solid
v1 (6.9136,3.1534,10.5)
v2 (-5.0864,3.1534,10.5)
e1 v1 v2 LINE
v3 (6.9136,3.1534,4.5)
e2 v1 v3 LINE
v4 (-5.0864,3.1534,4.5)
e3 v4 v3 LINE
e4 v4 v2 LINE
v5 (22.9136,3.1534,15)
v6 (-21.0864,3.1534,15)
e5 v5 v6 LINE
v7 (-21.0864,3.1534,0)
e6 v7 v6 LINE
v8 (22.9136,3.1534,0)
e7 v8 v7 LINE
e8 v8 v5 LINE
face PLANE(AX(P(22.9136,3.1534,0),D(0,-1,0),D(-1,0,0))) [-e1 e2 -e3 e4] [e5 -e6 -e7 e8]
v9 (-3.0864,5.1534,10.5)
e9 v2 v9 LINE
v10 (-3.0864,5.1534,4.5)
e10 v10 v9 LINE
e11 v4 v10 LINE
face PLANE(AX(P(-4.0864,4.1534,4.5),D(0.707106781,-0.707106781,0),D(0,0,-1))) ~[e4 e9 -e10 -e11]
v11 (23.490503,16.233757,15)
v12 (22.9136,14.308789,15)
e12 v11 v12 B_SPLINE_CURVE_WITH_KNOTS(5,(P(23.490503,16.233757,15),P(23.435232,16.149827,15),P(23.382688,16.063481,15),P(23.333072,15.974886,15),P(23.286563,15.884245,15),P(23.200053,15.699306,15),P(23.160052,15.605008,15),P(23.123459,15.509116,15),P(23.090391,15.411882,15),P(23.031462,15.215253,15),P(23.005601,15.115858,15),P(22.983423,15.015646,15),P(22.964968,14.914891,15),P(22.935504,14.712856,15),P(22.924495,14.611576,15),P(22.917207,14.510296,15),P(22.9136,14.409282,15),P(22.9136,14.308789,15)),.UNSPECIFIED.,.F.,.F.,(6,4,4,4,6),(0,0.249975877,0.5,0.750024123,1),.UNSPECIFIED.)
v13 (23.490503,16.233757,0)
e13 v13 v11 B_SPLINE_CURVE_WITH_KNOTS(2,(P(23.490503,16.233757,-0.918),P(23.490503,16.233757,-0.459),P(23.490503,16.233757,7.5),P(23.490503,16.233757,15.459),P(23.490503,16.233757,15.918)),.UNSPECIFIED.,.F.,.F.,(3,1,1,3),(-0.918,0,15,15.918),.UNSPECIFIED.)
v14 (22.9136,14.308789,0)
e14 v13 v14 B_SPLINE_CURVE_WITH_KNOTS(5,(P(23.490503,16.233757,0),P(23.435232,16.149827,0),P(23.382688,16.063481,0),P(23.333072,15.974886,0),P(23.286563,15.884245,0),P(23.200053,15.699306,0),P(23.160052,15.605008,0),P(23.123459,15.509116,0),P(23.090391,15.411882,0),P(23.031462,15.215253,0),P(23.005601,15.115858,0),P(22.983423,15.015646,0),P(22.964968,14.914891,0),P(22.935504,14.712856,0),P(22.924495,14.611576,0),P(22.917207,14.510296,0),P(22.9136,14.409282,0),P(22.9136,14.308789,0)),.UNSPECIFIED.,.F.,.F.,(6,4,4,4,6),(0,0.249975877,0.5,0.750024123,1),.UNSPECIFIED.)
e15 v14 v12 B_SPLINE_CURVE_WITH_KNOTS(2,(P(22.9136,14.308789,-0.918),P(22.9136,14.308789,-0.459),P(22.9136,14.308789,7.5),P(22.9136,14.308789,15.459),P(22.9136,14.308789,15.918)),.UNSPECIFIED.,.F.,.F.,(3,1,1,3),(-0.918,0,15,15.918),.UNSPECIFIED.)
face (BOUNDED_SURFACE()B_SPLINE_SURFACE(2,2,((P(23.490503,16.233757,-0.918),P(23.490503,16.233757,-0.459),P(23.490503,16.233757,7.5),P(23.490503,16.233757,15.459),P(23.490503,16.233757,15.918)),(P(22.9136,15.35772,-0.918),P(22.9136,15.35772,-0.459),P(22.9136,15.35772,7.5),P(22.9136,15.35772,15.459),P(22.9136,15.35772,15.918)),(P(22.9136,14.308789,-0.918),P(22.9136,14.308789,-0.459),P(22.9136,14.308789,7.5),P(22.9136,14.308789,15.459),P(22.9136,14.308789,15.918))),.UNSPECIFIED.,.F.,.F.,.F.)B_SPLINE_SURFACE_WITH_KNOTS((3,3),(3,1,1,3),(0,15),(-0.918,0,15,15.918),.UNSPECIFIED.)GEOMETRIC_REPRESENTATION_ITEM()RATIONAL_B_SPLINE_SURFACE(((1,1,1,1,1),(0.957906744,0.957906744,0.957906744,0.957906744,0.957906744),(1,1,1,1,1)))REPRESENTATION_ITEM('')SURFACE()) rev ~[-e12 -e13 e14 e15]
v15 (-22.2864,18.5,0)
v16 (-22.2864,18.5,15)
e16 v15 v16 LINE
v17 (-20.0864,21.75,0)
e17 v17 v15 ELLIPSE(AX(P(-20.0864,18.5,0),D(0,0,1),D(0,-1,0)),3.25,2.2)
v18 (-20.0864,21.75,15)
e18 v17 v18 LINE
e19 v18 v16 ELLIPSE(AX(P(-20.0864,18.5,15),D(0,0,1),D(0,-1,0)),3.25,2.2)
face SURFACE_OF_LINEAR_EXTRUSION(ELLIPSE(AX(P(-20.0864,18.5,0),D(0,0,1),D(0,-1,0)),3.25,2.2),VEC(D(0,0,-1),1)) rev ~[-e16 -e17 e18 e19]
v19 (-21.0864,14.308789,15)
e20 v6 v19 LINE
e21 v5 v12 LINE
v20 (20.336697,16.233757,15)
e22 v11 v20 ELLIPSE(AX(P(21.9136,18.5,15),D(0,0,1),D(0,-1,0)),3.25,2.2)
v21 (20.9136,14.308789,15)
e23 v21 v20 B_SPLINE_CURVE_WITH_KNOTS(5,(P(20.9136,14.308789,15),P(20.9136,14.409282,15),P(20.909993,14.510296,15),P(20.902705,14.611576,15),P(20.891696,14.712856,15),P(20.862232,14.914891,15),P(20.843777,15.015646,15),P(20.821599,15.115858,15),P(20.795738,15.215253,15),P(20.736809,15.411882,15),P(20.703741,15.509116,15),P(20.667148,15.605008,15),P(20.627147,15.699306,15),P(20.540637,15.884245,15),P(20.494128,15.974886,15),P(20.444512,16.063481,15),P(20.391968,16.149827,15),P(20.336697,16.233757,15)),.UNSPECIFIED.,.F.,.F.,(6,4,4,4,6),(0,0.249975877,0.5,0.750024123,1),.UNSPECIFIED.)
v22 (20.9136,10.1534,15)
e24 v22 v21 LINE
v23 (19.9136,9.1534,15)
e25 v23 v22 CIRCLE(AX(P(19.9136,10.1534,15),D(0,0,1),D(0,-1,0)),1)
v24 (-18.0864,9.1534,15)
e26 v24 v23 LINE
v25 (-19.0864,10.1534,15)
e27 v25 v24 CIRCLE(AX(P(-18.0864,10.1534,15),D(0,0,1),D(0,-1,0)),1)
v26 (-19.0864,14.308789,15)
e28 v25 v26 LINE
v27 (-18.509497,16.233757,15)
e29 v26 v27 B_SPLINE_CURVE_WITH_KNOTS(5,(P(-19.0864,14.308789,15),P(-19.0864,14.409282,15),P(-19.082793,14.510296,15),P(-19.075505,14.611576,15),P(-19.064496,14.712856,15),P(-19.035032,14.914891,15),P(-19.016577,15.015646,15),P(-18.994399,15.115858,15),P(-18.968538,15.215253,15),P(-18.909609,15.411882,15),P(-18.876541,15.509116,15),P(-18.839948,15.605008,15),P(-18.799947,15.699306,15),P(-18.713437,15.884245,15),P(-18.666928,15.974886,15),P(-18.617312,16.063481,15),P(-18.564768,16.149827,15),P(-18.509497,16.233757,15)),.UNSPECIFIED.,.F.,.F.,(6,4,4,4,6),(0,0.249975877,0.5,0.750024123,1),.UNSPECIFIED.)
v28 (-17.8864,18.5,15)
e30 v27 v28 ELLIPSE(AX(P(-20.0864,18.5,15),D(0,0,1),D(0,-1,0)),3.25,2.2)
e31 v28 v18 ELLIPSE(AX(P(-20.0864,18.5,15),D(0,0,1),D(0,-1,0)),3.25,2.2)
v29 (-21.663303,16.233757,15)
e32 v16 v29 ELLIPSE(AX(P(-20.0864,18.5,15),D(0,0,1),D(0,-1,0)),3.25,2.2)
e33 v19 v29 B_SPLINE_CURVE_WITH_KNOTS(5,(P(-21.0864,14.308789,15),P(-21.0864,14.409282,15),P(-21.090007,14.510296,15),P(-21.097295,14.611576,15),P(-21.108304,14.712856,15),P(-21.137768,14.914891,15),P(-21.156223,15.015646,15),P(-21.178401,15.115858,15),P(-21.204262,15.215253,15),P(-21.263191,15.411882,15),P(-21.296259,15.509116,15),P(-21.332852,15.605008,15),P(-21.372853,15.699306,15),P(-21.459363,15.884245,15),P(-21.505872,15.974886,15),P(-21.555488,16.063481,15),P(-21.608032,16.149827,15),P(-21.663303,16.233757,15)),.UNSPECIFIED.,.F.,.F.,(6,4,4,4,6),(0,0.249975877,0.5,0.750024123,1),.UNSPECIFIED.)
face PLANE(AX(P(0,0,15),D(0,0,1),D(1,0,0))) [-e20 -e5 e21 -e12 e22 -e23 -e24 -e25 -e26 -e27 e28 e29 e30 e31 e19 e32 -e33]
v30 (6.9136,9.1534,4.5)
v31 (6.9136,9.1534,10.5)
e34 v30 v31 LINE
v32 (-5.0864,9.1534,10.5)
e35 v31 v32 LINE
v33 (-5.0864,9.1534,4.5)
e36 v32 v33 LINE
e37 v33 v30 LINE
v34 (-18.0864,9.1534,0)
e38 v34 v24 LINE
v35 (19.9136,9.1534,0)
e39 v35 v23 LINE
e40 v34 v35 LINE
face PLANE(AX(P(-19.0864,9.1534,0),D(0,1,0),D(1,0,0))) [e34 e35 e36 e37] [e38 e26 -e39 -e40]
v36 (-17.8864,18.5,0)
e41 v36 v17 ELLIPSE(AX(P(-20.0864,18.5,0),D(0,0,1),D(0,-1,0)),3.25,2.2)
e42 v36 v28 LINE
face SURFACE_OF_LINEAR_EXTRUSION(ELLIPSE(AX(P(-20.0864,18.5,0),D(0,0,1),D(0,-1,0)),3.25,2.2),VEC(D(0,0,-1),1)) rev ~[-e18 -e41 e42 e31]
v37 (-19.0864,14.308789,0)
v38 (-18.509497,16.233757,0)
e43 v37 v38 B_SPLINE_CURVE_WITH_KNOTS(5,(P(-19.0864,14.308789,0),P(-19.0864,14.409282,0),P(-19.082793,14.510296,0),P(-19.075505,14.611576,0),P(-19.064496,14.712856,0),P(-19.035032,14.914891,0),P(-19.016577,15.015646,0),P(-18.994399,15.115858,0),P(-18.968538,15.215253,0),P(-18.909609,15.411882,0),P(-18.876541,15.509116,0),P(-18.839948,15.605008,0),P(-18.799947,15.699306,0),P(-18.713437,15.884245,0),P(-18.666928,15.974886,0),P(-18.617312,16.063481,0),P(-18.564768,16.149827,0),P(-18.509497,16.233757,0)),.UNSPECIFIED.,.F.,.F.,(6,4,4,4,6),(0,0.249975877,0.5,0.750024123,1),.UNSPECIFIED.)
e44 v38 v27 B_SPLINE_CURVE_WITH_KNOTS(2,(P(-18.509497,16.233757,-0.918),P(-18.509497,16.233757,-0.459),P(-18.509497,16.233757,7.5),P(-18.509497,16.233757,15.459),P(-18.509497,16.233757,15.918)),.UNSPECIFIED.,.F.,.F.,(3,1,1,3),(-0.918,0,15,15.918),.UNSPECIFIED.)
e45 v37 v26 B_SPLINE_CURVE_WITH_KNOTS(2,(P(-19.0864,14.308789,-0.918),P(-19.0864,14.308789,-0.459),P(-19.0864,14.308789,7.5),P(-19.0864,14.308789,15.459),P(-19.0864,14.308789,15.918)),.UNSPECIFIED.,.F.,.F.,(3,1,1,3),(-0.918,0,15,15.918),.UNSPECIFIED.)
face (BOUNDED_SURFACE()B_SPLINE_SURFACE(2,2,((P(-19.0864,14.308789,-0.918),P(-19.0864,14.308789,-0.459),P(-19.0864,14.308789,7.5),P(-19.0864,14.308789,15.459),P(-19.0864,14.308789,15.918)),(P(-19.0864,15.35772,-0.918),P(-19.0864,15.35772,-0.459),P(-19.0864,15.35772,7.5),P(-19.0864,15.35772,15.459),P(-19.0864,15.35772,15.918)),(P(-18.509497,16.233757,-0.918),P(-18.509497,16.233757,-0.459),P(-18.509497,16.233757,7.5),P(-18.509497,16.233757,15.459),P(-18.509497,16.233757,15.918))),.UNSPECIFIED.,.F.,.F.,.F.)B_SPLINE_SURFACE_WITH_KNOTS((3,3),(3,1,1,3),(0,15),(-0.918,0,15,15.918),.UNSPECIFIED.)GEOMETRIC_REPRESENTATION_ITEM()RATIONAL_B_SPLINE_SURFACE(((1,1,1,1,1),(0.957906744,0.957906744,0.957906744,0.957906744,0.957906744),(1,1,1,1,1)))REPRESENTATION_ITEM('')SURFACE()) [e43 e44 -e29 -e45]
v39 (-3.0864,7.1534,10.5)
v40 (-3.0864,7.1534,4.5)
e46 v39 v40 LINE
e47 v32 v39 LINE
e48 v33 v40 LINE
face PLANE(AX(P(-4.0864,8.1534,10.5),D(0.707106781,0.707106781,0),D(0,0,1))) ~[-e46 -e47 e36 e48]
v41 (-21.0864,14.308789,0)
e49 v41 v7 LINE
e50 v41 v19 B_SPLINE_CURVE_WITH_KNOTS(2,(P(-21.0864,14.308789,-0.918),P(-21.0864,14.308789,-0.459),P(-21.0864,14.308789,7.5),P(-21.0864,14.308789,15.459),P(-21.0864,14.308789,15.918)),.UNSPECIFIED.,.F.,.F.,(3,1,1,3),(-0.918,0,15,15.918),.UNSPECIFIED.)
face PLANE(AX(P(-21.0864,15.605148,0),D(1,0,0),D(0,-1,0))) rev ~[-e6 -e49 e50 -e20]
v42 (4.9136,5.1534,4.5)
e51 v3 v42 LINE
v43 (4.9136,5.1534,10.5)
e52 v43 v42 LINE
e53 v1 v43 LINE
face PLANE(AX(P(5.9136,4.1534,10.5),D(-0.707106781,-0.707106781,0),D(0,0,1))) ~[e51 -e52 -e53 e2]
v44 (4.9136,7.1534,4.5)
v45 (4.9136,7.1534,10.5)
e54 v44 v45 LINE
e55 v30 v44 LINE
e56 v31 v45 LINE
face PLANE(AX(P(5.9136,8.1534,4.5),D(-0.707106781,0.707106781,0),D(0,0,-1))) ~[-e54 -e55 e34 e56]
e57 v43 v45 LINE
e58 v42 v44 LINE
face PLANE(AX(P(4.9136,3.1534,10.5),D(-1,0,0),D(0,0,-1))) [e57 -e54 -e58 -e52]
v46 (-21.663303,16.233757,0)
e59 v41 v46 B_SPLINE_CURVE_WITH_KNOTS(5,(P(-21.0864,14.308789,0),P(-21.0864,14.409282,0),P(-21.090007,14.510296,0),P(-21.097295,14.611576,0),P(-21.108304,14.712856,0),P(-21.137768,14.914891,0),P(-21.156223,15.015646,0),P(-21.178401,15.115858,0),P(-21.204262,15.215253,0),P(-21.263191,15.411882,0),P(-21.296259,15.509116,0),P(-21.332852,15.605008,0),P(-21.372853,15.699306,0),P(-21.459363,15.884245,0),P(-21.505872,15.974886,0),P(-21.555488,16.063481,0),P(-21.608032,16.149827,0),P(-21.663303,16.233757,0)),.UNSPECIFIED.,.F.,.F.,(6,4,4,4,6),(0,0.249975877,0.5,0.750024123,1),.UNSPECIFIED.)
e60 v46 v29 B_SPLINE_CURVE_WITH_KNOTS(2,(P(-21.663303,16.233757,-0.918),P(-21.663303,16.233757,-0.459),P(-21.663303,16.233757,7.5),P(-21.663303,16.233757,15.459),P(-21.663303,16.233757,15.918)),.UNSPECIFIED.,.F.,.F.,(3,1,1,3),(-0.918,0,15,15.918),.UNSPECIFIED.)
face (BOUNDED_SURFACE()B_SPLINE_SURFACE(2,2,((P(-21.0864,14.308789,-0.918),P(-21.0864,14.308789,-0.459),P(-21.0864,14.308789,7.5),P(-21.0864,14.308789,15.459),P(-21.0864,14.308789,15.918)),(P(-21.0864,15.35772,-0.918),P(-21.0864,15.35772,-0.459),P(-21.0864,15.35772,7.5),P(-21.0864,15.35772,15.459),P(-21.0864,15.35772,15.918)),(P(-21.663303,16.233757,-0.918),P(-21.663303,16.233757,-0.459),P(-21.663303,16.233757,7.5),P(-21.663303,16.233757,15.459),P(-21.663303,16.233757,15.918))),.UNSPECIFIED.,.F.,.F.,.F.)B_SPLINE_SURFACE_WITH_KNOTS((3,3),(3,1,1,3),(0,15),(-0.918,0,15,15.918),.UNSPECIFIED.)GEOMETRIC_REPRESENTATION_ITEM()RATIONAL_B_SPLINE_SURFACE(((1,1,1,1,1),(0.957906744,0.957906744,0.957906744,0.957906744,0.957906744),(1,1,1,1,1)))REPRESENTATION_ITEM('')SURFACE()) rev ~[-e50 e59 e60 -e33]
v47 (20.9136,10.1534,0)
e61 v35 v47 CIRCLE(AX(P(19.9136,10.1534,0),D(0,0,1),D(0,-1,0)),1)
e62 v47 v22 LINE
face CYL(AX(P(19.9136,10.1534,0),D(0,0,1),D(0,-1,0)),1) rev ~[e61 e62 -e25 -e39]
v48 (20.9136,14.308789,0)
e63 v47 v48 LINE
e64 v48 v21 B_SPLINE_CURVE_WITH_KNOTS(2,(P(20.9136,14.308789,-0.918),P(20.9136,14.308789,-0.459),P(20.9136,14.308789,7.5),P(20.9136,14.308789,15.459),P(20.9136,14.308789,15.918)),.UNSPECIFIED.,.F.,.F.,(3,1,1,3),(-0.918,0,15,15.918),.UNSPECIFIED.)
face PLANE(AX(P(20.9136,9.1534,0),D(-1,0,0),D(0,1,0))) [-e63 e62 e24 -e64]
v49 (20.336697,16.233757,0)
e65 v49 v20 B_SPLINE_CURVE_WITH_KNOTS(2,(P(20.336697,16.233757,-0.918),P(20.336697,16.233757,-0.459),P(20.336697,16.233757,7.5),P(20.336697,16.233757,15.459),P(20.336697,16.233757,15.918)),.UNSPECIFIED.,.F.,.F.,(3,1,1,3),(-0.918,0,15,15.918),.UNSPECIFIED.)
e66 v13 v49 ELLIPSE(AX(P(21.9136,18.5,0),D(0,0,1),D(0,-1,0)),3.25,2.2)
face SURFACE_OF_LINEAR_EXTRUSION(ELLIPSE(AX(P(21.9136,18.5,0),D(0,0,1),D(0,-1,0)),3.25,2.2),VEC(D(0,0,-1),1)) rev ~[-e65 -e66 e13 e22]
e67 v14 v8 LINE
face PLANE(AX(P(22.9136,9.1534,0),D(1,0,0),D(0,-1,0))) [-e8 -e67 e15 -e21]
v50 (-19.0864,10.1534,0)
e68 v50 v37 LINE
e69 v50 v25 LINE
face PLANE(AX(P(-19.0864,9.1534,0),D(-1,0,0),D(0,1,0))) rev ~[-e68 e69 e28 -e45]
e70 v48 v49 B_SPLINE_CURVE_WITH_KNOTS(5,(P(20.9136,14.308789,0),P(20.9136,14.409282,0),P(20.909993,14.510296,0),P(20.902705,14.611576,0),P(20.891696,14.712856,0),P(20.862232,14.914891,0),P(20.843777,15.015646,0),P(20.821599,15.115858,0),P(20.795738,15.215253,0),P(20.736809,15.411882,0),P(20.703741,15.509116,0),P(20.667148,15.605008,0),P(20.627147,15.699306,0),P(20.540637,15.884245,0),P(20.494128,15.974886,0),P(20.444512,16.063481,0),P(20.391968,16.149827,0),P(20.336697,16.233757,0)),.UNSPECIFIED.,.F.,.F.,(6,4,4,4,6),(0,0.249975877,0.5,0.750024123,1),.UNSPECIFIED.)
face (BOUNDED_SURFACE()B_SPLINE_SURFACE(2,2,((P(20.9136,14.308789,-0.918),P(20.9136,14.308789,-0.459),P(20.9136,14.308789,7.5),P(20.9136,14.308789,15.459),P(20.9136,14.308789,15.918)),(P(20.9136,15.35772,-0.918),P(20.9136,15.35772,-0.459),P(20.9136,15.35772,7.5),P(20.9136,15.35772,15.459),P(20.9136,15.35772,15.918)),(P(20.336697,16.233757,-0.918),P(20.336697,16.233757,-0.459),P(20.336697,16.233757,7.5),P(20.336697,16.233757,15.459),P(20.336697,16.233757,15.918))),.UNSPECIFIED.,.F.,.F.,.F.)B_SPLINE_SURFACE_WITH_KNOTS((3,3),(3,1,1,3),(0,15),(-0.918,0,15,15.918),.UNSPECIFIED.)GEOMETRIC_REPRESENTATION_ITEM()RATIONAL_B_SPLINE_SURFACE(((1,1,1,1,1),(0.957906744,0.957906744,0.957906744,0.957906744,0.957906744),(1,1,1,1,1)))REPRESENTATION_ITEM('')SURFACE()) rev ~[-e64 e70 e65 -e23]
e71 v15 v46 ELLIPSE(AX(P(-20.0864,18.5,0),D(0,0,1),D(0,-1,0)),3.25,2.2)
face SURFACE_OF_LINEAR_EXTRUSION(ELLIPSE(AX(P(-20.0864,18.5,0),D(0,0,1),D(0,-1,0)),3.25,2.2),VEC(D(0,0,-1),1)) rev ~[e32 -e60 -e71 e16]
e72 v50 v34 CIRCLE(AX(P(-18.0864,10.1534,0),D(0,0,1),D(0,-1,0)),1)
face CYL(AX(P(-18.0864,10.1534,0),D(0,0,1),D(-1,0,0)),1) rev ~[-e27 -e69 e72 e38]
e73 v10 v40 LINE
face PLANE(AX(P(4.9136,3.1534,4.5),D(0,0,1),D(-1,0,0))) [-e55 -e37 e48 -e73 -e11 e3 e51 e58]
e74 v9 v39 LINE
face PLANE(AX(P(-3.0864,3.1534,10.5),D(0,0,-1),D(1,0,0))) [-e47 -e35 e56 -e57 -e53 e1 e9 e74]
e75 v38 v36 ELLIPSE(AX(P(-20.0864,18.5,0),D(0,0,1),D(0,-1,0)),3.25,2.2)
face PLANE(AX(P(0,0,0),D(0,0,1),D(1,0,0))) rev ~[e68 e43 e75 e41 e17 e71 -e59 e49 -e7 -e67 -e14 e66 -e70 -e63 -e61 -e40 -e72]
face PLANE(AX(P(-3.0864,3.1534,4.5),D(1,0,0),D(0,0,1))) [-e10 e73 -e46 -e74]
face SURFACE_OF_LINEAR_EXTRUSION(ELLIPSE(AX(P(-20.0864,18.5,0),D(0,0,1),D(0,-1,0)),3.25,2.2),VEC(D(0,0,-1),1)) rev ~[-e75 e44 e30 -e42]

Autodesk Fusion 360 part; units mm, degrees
sketch "Sketch1" plane through (0, 0, 0) normal (0, 0, 1) x (1, 0, 0) in component "Ender5RailClip"
  line L0 (-21.0864, 9.1534) -> (22.9136, 9.1534)
  line L1 (22.9136, 9.1534) -> (22.9136, 3.1534)
  line L2 (22.9136, 3.1534) -> (-21.0864, 3.1534)
  line L3 (-21.0864, 3.1534) -> (-21.0864, 9.1534)
  line L4 (-21.0864, 9.1534) -> (-19.0864, 9.1534)
  line L5 (-19.0864, 9.1534) -> (-19.0864, 16)
  line L6 (-19.0864, 16) -> (-21.0864, 16)
  line L7 (-21.0864, 16) -> (-21.0864, 9.1534)
  line L8 (0.9136, 9.1534) -> (0.9136, 18) construction
  ellipse E0 centre (-20.0864, 18.5) end of major axis (-20.0864, 15.25) minor radius 2.2
  line L9 (-20.0864, 21.75) -> (-20.0864, 15.25)
  line L10 (-22.2864, 18.5) -> (-17.8864, 18.5)
  ellipse E1 centre (21.9136, 18.5) end of major axis (21.9136, 15.25) minor radius 2.2
  line L11 (20.9136, 16) -> (22.9136, 16)
  line L12 (20.9136, 9.1534) -> (20.9136, 16)
  line L13 (22.9136, 16) -> (22.9136, 9.1534)
  point P0 (-20.0864, 16)
  dimension "d2" = 6
  dimension "d3" = 2
  dimension "d4" = 6.5
  dimension "d5" = 4.4
  dimension "d6" = 2.5
  dimension "d19" = 40
extrude "Extrude1" add sketch "Sketch1" along normal blind 15 in component "Ender5RailClip"
fillet "Fillet1" radius 1 2 edges at (20.9136, 9.1534, 7.5) (-19.0864, 9.1534, 7.5) in component "Ender5RailClip"
fillet "Fillet2" radius 3.5 4 edges at (-19.0864, 15.6051, 7.5) (20.9136, 15.6051, 7.5) (-21.0864, 15.6051, 7.5) (22.9136, 15.6051, 7.5) in component "Ender5RailClip"
sketch "Sketch2" plane through (0, 3.1534, 0) normal (0, -1, 0) x (1, 0, 0) in component "Ender5RailClip"
  line L0 (-21.0864, 0) -> (22.9136, 0)
  line L1 (22.9136, 0) -> (22.9136, 15)
  line L2 (22.9136, 15) -> (-21.0864, 15)
  line L3 (-21.0864, 15) -> (-21.0864, 0)
  line L4 (0.9136, 0) -> (0.9136, 15) construction
  line L5 (-21.0864, 7.5) -> (22.9136, 7.5) construction
  line L6 (4.9136, 4.5) -> (-3.0864, 4.5)
  line L7 (-3.0864, 4.5) -> (-3.0864, 10.5)
  line L8 (-3.0864, 10.5) -> (4.9136, 10.5)
  line L9 (4.9136, 10.5) -> (4.9136, 4.5)
  line L10 (4.9136, 4.5) -> (-3.0864, 10.5) construction
  line L11 (-3.0864, 4.5) -> (4.9136, 10.5) construction
  point P0 (0.9136, 7.5)
  dimension "d20" = 8
  dimension "d21" = 6
extrude "Extrude3" cut sketch "Sketch2" against normal through all contours L6 L7 L8 L9 in component "Ender5RailClip"
chamfer "Chamfer2" distance 2 angle 45 4 edges at (-3.0864, 9.1534, 7.5) (-3.0864, 3.1534, 7.5) (4.9136, 9.1534, 7.5) (4.9136, 3.1534, 7.5) in component "Ender5RailClip"
component "Ender5RailClip" placed x (1, 0, 0) y (0, 1, 0) z (0, 0, 1) at (0, 0, 0)
